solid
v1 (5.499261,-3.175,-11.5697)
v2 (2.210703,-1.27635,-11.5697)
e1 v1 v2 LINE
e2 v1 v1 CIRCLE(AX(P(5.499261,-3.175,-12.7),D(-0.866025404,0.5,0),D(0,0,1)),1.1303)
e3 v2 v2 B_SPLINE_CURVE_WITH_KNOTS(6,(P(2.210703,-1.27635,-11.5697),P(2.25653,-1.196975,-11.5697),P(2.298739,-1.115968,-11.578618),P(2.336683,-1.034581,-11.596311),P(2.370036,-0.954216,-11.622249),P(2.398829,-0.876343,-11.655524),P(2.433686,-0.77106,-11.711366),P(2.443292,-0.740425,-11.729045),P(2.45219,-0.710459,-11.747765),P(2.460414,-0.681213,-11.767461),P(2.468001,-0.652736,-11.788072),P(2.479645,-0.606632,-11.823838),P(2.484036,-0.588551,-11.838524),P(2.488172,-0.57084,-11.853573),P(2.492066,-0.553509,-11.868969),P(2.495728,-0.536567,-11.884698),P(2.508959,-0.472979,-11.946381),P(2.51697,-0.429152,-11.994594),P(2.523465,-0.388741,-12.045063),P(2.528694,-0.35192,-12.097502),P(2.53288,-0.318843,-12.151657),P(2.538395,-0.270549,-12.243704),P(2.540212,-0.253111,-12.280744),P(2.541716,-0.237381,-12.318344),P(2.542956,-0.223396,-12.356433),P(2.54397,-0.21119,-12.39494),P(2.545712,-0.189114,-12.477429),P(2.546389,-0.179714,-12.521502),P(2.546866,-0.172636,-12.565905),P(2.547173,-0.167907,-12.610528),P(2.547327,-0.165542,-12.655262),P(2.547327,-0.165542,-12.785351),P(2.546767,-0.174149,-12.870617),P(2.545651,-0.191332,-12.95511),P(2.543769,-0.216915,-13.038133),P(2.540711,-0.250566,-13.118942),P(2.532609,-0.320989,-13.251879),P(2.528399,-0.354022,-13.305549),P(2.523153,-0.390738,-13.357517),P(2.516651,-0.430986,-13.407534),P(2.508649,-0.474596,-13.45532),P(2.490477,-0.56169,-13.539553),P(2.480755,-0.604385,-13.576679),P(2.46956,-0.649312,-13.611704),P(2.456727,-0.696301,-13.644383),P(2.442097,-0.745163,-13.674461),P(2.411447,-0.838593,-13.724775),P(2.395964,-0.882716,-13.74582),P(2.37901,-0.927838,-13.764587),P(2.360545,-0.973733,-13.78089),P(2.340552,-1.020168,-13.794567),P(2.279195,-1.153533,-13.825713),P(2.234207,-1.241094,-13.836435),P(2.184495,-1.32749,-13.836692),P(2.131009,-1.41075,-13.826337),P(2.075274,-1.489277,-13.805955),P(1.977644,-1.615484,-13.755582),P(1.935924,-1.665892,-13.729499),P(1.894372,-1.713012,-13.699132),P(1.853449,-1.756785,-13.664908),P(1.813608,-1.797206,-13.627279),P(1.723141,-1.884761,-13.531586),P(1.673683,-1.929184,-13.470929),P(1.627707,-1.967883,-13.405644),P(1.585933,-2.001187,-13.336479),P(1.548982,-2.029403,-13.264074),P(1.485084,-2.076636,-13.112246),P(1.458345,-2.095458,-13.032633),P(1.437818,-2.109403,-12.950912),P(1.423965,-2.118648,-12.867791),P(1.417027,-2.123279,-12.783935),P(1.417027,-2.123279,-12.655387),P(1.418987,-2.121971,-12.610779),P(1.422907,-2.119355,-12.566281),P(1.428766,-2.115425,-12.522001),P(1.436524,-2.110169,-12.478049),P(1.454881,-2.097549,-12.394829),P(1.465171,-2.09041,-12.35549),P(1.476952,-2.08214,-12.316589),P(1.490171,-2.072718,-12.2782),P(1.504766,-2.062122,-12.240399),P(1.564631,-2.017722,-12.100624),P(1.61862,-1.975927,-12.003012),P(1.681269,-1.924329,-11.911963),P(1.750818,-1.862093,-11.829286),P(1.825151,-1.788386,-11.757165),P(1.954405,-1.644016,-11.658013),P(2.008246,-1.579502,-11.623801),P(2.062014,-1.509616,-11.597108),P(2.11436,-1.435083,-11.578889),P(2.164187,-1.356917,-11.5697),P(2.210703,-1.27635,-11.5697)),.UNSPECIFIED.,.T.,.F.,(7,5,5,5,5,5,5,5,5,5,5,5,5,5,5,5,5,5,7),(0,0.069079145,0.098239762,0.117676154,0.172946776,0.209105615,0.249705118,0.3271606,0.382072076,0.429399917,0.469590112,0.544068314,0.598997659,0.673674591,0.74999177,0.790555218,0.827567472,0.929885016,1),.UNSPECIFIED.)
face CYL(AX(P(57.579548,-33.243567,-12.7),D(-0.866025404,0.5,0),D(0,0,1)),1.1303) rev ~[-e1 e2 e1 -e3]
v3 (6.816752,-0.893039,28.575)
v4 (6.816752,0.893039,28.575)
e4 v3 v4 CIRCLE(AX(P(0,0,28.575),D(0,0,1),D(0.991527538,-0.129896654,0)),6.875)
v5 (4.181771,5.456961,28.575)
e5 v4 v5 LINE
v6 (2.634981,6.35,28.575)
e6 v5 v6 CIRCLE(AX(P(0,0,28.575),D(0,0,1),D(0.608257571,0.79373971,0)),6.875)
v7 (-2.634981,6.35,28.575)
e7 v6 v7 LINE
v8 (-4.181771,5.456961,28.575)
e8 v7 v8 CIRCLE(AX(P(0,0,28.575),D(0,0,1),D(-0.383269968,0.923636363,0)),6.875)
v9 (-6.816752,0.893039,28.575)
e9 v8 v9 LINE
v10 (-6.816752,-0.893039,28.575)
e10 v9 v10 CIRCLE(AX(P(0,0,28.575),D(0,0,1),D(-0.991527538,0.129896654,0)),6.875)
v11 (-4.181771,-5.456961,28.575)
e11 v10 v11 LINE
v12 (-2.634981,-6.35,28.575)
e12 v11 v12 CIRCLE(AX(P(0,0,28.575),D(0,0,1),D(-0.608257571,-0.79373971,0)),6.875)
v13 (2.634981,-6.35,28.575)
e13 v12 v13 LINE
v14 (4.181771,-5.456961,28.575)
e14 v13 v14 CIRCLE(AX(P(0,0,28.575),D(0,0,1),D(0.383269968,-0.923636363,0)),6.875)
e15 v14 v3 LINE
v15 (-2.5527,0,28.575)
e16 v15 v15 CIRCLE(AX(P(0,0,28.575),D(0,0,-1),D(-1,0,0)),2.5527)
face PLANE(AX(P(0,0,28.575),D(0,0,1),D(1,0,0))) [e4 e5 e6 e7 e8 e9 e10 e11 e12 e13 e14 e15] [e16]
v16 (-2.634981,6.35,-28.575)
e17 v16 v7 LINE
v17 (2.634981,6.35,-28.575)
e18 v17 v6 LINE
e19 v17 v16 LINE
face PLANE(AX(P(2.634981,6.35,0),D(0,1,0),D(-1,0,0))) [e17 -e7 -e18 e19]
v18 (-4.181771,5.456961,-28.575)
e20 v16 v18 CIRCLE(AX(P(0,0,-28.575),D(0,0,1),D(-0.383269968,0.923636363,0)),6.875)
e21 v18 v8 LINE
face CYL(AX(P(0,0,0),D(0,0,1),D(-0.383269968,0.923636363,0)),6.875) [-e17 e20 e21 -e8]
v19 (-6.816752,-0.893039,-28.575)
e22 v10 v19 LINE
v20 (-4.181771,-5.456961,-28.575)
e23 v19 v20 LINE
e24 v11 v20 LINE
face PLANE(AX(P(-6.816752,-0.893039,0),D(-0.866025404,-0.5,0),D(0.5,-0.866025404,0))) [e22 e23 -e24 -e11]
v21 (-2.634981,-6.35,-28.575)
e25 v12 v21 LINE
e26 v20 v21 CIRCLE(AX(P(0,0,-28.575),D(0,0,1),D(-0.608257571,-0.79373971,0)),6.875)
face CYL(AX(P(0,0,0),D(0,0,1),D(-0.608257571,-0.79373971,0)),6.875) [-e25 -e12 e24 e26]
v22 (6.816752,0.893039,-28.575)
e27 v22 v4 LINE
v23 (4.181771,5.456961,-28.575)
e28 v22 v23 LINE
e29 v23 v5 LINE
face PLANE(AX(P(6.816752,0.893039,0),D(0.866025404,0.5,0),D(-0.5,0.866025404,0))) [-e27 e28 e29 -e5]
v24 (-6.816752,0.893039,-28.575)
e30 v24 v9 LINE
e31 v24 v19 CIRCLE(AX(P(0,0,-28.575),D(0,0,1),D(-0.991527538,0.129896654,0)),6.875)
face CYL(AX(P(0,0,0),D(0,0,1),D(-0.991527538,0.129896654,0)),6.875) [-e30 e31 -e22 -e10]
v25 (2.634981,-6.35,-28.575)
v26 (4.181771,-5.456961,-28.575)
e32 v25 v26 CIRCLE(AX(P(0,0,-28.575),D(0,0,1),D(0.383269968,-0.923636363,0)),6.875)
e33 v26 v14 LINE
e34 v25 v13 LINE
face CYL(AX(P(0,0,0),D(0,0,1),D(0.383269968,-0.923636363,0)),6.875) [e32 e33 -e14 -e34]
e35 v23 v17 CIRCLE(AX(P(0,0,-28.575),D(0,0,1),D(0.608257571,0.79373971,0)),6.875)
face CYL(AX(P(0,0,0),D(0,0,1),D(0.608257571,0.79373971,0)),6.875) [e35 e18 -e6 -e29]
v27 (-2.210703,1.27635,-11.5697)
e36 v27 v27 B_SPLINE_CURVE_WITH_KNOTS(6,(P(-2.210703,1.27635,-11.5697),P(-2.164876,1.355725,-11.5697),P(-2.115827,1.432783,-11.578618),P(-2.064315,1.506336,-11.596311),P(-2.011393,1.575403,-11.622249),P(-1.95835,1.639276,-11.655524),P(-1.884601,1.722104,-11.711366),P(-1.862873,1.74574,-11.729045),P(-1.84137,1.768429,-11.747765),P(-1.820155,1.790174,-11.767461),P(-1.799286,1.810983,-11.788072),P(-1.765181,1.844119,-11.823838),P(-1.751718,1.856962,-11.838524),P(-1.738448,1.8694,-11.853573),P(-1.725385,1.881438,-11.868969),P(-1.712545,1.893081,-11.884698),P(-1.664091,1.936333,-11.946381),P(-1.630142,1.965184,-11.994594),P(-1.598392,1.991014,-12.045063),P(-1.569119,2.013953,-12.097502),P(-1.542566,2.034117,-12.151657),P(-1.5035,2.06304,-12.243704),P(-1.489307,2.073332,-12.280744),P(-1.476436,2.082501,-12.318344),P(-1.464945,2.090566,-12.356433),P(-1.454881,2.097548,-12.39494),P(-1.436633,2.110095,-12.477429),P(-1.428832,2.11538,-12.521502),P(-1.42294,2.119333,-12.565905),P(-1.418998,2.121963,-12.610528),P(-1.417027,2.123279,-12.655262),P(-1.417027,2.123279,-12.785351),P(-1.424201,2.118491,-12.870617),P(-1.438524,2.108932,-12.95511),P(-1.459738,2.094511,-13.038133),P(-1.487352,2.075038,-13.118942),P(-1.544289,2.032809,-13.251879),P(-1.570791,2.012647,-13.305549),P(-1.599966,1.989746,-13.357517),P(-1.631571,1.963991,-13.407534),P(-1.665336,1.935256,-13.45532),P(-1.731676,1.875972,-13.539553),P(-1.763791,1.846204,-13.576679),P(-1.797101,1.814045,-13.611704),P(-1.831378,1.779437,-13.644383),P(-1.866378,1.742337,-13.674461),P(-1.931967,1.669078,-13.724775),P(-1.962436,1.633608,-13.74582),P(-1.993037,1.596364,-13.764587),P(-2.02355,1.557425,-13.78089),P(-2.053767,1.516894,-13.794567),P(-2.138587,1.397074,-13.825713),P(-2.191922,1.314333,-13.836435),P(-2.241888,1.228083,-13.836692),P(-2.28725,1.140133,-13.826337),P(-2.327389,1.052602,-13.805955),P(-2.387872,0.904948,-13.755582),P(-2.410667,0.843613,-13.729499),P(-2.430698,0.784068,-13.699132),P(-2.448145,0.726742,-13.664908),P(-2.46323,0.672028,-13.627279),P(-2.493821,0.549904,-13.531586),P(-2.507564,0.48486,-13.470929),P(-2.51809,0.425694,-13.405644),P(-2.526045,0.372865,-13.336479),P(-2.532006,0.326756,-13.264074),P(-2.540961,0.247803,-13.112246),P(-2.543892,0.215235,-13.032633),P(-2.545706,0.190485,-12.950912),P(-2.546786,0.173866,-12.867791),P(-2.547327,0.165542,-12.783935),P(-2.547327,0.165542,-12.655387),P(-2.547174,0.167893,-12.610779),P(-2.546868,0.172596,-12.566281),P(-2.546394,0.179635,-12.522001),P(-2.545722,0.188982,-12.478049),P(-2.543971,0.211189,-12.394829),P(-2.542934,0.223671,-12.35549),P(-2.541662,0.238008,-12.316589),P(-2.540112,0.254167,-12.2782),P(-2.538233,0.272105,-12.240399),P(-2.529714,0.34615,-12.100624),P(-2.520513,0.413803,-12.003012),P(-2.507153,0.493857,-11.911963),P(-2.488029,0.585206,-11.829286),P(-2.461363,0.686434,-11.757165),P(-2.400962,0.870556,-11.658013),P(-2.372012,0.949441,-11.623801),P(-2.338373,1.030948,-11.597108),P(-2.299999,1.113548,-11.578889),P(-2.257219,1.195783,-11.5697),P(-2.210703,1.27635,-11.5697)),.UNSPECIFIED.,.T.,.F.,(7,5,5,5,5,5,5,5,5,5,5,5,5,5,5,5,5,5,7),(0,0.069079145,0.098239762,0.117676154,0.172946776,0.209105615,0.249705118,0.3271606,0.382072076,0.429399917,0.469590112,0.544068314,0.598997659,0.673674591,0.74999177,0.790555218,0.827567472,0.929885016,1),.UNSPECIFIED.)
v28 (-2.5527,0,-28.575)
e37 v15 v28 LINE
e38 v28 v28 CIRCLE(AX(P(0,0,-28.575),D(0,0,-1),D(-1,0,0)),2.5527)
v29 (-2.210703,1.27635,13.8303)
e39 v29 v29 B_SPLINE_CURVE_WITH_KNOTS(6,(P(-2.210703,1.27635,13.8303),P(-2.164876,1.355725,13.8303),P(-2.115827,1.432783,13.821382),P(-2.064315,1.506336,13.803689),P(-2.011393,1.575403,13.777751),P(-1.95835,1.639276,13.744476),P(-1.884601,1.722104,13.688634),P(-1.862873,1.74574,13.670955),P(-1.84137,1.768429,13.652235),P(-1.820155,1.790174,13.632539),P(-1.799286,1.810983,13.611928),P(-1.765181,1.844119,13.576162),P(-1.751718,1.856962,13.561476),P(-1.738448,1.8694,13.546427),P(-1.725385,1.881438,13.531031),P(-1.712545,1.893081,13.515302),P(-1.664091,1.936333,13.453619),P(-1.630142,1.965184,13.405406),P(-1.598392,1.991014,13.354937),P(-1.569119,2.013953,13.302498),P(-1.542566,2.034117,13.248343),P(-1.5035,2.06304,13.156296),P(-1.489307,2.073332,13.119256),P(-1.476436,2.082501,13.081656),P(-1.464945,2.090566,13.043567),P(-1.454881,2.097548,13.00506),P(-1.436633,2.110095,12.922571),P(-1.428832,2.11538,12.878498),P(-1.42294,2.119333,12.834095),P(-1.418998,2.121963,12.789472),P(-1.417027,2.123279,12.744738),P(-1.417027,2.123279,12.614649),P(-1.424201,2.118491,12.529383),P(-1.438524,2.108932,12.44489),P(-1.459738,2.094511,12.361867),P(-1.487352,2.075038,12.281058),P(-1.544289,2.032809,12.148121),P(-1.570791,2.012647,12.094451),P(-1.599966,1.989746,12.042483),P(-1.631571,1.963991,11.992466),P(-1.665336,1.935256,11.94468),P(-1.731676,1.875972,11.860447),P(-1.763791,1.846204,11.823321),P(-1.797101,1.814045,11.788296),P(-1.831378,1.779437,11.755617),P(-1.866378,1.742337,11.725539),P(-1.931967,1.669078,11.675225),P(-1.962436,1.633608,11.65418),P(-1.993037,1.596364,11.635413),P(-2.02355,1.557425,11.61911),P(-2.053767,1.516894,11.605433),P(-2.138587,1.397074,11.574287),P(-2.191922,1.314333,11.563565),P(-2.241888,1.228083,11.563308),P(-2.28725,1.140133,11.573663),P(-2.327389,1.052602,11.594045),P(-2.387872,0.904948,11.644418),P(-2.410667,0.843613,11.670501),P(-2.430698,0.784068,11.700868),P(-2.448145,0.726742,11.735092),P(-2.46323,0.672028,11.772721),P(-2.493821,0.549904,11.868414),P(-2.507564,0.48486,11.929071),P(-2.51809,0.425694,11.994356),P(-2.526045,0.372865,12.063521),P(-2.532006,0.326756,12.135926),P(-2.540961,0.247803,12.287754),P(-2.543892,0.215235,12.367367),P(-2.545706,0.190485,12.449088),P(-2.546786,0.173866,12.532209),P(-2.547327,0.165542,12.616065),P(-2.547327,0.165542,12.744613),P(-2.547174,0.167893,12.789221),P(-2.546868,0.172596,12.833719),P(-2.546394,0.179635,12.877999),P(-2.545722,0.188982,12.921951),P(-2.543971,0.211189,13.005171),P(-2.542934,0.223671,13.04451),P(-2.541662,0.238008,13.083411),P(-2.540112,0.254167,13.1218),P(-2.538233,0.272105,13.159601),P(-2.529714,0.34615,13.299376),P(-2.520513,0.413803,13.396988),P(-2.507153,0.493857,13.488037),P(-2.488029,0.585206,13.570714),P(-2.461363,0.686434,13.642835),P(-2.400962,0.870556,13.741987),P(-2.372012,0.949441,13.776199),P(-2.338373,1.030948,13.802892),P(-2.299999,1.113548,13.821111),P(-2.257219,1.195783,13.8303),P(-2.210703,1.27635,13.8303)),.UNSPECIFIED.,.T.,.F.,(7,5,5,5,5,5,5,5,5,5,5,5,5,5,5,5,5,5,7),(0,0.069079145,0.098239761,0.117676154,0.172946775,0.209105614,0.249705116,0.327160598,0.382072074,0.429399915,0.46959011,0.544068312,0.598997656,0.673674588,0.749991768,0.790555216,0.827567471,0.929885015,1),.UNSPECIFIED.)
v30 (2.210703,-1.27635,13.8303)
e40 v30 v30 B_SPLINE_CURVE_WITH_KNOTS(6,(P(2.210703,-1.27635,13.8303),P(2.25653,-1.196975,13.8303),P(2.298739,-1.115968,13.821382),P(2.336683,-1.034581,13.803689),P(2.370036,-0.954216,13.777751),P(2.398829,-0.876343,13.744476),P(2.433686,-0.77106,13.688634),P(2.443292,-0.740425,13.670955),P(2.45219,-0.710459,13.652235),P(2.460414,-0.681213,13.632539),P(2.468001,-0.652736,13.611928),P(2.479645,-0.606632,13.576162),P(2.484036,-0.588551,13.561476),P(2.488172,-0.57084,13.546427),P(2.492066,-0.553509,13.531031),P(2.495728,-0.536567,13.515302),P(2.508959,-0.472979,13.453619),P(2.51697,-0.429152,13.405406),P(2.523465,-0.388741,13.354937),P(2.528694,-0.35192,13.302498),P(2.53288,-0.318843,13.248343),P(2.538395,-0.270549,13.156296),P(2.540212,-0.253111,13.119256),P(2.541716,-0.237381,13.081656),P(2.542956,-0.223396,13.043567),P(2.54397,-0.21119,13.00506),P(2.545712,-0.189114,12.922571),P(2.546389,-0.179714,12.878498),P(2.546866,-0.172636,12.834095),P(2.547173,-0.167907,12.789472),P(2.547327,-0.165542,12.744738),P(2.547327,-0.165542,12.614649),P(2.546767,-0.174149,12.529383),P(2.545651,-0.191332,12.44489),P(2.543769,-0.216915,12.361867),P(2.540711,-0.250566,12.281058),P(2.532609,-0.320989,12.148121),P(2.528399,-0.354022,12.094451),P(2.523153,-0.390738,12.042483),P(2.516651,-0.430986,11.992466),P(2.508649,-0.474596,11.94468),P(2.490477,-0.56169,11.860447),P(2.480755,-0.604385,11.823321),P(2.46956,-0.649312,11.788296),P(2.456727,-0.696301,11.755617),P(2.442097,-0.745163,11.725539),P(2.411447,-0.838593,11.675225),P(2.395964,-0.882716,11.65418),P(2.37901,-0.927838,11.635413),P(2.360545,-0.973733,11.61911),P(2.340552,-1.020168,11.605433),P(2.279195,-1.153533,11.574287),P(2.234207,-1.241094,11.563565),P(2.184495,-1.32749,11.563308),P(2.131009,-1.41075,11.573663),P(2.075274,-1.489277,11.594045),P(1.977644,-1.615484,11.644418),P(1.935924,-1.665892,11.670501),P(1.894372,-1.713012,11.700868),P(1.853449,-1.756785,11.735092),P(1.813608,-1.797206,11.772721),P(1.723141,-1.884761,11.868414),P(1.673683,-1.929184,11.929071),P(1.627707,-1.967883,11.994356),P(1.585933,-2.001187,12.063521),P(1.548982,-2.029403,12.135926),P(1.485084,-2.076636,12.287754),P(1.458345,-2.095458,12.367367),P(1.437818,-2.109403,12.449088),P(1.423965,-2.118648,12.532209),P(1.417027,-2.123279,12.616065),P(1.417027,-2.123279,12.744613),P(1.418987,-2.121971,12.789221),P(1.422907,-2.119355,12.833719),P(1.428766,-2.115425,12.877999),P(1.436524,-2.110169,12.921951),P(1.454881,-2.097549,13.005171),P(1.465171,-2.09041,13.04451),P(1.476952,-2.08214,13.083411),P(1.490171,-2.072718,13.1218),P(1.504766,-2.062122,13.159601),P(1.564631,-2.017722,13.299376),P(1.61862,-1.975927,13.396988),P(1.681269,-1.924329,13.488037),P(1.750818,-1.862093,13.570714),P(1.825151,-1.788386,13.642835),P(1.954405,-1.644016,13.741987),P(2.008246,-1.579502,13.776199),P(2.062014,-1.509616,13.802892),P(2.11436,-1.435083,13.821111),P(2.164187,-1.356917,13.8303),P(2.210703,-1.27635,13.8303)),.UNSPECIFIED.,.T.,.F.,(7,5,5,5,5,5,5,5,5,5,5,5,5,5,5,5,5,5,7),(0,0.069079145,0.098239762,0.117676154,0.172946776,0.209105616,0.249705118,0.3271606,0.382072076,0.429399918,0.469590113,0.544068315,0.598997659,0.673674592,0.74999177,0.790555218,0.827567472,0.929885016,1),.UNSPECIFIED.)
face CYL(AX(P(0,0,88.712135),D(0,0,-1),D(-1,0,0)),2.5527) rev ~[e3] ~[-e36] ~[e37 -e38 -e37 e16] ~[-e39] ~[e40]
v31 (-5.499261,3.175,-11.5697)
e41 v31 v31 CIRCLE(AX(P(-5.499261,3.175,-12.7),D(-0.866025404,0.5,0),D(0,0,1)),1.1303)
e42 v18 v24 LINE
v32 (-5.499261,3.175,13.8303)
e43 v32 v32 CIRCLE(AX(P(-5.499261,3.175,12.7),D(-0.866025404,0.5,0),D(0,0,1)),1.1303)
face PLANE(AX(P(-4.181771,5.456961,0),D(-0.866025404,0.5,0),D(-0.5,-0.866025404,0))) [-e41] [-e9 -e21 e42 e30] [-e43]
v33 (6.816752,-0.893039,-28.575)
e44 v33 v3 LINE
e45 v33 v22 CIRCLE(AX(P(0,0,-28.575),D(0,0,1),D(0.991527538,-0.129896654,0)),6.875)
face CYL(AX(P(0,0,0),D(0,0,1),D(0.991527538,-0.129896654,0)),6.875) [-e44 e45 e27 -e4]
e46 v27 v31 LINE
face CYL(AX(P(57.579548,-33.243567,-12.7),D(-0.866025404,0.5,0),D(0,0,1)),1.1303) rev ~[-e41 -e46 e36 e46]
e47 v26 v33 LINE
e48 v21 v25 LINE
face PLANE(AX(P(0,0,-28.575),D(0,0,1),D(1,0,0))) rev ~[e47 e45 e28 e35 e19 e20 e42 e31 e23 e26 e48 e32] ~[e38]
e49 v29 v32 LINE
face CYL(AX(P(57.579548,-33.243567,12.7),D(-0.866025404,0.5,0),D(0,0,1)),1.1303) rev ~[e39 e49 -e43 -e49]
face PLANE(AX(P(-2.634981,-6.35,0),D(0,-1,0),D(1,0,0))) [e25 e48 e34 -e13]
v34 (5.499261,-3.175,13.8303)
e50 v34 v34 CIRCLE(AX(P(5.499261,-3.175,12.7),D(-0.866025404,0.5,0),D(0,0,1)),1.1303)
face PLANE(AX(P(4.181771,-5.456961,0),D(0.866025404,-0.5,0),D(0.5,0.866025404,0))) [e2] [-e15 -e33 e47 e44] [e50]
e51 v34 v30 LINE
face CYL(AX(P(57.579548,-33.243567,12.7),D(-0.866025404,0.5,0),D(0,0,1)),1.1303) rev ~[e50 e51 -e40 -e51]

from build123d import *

# Parameters (mm, degrees)
BOSS_EXTRUDE1_DEPTH     = 28.575
F_1_4_20_TAPPED_HOLE1_D = 5.1054
F_4_40_TAPPED_HOLE1_D   = 2.2606
F_4_40_TAPPED_HOLE2_D   = 2.2606


with BuildPart() as part:
    # Sketch1 → Boss-Extrude1 (new body, symmetric)
    with BuildSketch(Plane.XY):
        with BuildLine():
            Line((-2.634981025, -6.35), (2.634981025, -6.35))
            ThreePointArc((2.634981025, -6.35), (3.4375, -5.953924651), (4.181770802, -5.456960506))
            Line((4.181770802, -5.456960506), (6.816751826, -0.893039494))
            ThreePointArc((6.816751826, -0.893039494), (6.875, 0), (6.816751826, 0.893039494))
            Line((6.816751826, 0.893039494), (4.181770802, 5.456960506))
            ThreePointArc((4.181770802, 5.456960506), (3.4375, 5.953924651), (2.634981025, 6.35))
            Line((2.634981025, 6.35), (-2.634981025, 6.35))
            ThreePointArc((-2.634981025, 6.35), (-3.4375, 5.953924651), (-4.181770802, 5.456960506))
            Line((-4.181770802, 5.456960506), (-6.816751826, 0.893039494))
            ThreePointArc((-6.816751826, 0.893039494), (-6.875, 0), (-6.816751826, -0.893039494))
            Line((-6.816751826, -0.893039494), (-4.181770802, -5.456960506))
            ThreePointArc((-4.181770802, -5.456960506), (-3.4375, -5.953924651), (-2.634981025, -6.35))
        make_face()
    extrude(amount=BOSS_EXTRUDE1_DEPTH, both=True)

    # 1/4-20 Tapped Hole1 (through all)
    with Locations(Plane.XY.offset(28.575)):
        with Locations((0, 0)):
            Hole(F_1_4_20_TAPPED_HOLE1_D / 2)

    # #4-40 Tapped Hole1 (through all)
    with Locations(Plane(origin=(0.736761314, -11.423891971, -31.75), x_dir=(0, 0, -1), z_dir=(0.866025404, -0.5, 0))):
        with Locations((-44.45, 120.65), (-19.05, 120.65), (-19.05, 9.525), (-44.45, 9.525)):
            Hole(F_4_40_TAPPED_HOLE1_D / 2)

    # #4-40 Tapped Hole2 (through all)
    with Locations(Plane(origin=(-54.825738686, -107.660964967, -31.75), x_dir=(0, 0, -1), z_dir=(0.866025404, -0.5, 0))):
        with Locations((-44.45, 120.65), (-19.05, 120.65), (-19.05, 9.525), (-44.45, 9.525)):
            Hole(F_4_40_TAPPED_HOLE2_D / 2)


solid = part.part
